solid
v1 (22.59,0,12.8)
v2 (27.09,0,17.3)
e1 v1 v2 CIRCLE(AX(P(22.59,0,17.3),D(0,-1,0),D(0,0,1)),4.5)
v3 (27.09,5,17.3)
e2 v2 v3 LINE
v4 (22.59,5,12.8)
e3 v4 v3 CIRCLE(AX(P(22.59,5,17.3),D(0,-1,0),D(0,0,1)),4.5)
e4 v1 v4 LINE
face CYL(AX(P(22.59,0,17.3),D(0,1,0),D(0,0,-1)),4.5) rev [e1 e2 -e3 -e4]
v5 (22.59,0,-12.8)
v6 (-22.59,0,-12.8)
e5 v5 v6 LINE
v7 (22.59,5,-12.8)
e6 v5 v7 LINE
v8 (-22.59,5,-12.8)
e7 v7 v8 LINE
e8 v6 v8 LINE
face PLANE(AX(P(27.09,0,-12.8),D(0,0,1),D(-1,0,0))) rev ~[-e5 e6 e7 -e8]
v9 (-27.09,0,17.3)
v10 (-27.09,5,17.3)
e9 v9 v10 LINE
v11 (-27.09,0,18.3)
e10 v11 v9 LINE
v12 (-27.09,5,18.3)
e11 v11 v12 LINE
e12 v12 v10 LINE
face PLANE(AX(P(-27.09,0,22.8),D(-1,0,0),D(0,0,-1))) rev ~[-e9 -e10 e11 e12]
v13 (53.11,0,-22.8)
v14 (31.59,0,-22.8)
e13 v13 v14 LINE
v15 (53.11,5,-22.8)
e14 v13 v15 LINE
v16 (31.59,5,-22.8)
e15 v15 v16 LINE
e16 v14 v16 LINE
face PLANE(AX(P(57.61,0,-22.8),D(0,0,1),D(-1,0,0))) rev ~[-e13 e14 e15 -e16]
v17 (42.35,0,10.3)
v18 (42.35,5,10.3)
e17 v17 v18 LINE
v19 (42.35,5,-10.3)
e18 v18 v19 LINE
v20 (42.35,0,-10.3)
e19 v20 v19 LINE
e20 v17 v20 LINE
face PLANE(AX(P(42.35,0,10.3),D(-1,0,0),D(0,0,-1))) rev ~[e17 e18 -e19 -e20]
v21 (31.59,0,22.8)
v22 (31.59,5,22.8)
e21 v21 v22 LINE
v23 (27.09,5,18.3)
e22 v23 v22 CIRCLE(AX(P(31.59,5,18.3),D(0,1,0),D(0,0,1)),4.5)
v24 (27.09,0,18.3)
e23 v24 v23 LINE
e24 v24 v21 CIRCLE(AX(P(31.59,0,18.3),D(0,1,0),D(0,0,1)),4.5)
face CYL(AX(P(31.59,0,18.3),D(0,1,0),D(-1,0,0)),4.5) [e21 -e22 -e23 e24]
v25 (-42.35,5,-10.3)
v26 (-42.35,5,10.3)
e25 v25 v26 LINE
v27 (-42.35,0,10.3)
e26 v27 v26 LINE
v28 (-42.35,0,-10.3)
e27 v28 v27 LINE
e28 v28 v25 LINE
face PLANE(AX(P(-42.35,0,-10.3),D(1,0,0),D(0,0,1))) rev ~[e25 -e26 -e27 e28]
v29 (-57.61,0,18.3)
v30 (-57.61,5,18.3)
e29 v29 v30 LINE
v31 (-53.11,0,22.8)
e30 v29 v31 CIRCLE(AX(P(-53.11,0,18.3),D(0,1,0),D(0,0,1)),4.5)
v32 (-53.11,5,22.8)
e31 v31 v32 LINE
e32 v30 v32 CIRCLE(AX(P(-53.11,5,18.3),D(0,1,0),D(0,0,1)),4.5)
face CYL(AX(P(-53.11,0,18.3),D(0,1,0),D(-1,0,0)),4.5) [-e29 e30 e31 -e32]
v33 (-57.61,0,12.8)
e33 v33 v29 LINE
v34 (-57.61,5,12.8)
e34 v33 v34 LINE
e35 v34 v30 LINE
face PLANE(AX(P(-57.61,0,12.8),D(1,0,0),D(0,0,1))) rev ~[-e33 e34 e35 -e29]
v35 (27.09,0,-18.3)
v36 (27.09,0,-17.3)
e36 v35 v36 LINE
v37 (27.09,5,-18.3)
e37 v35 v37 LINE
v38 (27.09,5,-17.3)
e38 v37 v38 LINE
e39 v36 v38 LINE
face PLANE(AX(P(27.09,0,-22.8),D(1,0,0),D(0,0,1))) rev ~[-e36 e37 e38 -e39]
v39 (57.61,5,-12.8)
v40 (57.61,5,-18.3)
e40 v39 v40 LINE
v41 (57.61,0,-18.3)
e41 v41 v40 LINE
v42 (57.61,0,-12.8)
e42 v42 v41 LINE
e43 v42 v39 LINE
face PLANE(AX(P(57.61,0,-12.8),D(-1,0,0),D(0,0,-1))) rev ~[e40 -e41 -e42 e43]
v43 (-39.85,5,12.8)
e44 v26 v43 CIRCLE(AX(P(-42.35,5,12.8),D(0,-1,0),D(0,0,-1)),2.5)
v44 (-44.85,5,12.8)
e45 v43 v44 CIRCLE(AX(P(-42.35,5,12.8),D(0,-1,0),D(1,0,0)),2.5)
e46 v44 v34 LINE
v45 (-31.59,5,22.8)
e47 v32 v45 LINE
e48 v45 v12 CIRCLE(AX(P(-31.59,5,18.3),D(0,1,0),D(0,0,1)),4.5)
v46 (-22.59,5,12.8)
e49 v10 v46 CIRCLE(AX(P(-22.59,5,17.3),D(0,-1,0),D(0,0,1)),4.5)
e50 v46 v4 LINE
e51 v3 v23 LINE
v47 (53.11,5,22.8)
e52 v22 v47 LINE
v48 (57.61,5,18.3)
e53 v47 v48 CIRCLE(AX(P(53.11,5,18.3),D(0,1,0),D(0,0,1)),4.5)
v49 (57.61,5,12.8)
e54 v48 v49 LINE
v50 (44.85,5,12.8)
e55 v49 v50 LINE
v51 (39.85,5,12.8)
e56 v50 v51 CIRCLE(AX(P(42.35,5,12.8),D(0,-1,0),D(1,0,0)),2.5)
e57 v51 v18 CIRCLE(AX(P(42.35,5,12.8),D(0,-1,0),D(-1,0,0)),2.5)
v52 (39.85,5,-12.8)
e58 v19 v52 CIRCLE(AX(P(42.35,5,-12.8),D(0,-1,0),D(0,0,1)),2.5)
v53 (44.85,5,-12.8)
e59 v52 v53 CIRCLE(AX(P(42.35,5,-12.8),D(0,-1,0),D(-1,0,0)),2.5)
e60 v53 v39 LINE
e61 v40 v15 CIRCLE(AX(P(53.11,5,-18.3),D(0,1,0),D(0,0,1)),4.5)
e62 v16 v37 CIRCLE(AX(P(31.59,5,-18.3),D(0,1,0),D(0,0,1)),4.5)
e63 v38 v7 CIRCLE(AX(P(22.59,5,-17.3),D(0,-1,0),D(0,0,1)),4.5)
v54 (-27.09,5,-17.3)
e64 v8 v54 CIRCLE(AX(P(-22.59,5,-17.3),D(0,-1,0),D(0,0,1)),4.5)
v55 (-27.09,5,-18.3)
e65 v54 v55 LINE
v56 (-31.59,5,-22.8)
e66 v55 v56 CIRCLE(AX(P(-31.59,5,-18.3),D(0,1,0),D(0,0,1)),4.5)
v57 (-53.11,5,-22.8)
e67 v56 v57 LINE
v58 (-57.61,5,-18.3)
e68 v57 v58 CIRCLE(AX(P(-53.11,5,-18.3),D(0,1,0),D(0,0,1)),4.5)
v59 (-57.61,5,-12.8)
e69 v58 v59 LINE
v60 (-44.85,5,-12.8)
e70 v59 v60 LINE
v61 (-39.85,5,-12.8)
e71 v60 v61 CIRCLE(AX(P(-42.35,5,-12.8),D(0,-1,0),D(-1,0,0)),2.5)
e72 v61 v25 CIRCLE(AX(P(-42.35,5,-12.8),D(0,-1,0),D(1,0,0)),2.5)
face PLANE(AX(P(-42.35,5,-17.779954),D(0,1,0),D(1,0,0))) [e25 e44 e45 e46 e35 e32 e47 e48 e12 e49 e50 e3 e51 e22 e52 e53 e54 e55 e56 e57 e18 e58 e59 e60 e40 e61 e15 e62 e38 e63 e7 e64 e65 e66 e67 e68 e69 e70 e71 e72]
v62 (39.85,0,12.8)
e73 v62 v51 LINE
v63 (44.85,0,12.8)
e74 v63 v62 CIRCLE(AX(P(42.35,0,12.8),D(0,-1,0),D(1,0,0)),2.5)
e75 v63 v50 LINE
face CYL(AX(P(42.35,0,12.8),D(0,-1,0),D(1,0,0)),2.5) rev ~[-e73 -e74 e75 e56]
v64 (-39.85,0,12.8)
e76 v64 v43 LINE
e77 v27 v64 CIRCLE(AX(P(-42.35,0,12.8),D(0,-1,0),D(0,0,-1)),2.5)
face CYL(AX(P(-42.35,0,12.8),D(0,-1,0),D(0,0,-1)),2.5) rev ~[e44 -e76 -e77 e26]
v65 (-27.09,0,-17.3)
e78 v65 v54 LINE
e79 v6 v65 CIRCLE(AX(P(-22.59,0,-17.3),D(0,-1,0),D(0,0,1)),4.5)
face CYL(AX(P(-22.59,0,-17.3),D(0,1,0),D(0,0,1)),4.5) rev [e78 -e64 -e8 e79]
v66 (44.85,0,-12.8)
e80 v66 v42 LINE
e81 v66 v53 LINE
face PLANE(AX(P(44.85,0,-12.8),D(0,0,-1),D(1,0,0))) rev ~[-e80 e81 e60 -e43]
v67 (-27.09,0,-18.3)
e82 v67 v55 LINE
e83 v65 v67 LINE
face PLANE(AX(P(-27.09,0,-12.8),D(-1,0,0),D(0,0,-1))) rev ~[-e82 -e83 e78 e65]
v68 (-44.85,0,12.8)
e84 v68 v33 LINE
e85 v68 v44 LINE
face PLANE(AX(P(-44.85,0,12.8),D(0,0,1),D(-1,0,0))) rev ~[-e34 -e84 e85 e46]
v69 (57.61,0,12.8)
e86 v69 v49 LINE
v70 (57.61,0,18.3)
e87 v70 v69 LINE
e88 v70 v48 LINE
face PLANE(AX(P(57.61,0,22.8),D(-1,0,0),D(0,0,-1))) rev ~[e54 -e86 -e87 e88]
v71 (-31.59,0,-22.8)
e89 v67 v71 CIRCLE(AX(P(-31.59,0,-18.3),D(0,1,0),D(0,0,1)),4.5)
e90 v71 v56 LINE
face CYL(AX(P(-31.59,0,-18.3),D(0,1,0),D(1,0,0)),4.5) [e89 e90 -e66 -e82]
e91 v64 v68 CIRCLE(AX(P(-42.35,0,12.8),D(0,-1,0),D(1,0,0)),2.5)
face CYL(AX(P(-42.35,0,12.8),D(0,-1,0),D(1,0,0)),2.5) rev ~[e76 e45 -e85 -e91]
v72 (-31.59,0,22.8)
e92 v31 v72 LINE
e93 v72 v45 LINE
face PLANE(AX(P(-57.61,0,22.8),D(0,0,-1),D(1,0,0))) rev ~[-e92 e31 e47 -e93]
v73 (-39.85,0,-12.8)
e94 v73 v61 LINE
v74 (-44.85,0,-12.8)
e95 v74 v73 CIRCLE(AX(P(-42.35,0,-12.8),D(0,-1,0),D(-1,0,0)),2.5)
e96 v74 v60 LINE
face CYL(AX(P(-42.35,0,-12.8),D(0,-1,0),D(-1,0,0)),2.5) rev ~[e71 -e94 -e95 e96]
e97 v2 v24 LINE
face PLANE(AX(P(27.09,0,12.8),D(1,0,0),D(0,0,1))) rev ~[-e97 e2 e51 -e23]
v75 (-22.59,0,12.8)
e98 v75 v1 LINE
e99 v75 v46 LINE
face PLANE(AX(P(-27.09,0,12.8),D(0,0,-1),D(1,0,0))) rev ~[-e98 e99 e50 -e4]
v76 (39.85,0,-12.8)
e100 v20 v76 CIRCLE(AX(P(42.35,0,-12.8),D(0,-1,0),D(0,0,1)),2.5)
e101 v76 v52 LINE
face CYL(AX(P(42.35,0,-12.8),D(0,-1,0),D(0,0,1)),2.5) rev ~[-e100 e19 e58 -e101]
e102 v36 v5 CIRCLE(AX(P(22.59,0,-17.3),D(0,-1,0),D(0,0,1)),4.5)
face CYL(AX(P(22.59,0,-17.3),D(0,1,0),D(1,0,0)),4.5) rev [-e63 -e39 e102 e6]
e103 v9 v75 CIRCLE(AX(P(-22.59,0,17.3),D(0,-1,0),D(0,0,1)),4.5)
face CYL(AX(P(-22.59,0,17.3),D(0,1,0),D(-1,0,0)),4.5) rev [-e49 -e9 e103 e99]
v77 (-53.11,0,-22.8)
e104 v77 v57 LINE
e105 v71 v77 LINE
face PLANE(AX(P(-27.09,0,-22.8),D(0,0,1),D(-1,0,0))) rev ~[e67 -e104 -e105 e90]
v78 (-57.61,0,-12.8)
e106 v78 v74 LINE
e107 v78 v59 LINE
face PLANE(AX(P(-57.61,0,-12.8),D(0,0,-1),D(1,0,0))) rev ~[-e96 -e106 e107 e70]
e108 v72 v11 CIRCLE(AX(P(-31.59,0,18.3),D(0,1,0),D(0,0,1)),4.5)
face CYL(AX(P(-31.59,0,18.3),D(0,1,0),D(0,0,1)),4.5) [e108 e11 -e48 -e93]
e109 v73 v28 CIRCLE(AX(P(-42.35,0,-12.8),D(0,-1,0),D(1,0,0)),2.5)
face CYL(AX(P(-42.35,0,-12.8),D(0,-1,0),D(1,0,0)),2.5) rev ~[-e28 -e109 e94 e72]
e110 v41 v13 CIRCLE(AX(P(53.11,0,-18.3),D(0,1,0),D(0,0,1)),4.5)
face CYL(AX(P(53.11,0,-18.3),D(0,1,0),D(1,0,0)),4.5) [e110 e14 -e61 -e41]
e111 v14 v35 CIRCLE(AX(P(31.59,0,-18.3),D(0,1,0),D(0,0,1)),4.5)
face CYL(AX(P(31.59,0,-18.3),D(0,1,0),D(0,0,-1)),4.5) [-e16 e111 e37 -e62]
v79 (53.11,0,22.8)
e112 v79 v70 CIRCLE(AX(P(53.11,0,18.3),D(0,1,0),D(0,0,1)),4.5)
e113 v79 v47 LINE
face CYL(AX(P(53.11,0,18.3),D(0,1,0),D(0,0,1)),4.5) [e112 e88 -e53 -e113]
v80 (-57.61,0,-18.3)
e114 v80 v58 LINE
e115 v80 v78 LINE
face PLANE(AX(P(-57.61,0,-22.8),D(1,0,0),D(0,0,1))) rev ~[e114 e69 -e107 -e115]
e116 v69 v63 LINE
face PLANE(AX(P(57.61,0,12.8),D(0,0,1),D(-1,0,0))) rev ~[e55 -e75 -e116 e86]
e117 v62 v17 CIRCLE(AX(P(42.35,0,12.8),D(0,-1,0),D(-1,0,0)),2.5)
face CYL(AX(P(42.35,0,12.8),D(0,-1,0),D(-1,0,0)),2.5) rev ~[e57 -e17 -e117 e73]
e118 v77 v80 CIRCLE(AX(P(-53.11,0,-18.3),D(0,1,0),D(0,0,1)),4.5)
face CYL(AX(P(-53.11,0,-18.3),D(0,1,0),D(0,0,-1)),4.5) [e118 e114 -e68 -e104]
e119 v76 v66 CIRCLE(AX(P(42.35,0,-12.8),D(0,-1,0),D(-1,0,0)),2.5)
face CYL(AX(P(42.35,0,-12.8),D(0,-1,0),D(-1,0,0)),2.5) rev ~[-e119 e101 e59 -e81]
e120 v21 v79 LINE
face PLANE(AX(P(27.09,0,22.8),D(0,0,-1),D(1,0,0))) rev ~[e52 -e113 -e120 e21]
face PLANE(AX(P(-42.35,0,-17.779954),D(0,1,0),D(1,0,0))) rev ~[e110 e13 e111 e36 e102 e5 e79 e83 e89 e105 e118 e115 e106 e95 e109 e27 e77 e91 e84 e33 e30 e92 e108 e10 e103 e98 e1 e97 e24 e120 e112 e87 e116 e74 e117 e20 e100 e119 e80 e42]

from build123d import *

# Parameters (mm, degrees)
BOSS_EXTRUDE1_DEPTH = 5
FILLET1_R           = 4.5


with BuildPart() as part:
    # Sketch1 → Boss-Extrude1 (new body)
    with BuildSketch(Plane(origin=(0, 0, 0), x_dir=(1, 0, 0), z_dir=(0, 1, 0))):
        with BuildLine():
            ThreePointArc((-44.85, 12.8), (-42.35, 15.3), (-39.85, 12.8))
            Line((-39.85, 12.8), (-27.09, 12.8))
            Line((-27.09, 12.8), (-27.09, 22.8))
            Line((-27.09, 22.8), (-57.61, 22.8))
            Line((-57.61, 22.8), (-57.61, 12.8))
            Line((-57.61, 12.8), (-44.85, 12.8))
        make_face()
        with BuildLine():
            ThreePointArc((-42.35, -10.3), (-40.582233047, -11.032233047), (-39.85, -12.8))
            Line((-39.85, -12.8), (-27.09, -12.8))
            Line((-27.09, -12.8), (27.09, -12.8))
            Line((27.09, -12.8), (39.85, -12.8))
            ThreePointArc((39.85, -12.8), (40.582233047, -11.032233047), (42.35, -10.3))
            Line((42.35, -10.3), (42.35, 10.3))
            ThreePointArc((42.35, 10.3), (40.582233047, 11.032233047), (39.85, 12.8))
            Line((39.85, 12.8), (27.09, 12.8))
            Line((27.09, 12.8), (-27.09, 12.8))
            Line((-27.09, 12.8), (-39.85, 12.8))
            ThreePointArc((-39.85, 12.8), (-40.582233047, 11.032233047), (-42.35, 10.3))
            Line((-42.35, 10.3), (-42.35, -10.3))
        make_face()
        with BuildLine():
            Line((-44.85, -12.8), (-57.61, -12.8))
            Line((-57.61, -12.8), (-57.61, -22.8))
            Line((-57.61, -22.8), (-27.09, -22.8))
            Line((-27.09, -22.8), (-27.09, -12.8))
            Line((-27.09, -12.8), (-39.85, -12.8))
            ThreePointArc((-39.85, -12.8), (-42.35, -15.3), (-44.85, -12.8))
        make_face()
        with BuildLine():
            Line((39.85, -12.8), (27.09, -12.8))
            Line((27.09, -12.8), (27.09, -22.8))
            Line((27.09, -22.8), (57.61, -22.8))
            Line((57.61, -22.8), (57.61, -12.8))
            Line((57.61, -12.8), (44.85, -12.8))
            ThreePointArc((44.85, -12.8), (42.35, -15.3), (39.85, -12.8))
        make_face()
        with BuildLine():
            Line((27.09, 22.8), (27.09, 12.8))
            Line((27.09, 12.8), (39.85, 12.8))
            ThreePointArc((39.85, 12.8), (42.35, 15.3), (44.85, 12.8))
            Line((44.85, 12.8), (57.61, 12.8))
            Line((57.61, 12.8), (57.61, 22.8))
            Line((57.61, 22.8), (27.09, 22.8))
        make_face()
    extrude(amount=BOSS_EXTRUDE1_DEPTH)

    # Fillet1
    fillet1_edges = [part.edges().sort_by_distance(p)[0] for p in [
        (-57.61, 2.5, -22.8),
        (-27.09, 2.5, -22.8),
        (-27.09, 2.5, -12.8),
        (27.09, 2.5, -12.8),
        (27.09, 2.5, -22.8),
        (57.61, 2.5, -22.8),
        (57.61, 2.5, 22.8),
        (27.09, 2.5, 22.8),
        (27.09, 2.5, 12.8),
        (-27.09, 2.5, 12.8),
        (-27.09, 2.5, 22.8),
        (-57.61, 2.5, 22.8),
    ]]
    fillet(fillet1_edges, radius=FILLET1_R)


solid = part.part
